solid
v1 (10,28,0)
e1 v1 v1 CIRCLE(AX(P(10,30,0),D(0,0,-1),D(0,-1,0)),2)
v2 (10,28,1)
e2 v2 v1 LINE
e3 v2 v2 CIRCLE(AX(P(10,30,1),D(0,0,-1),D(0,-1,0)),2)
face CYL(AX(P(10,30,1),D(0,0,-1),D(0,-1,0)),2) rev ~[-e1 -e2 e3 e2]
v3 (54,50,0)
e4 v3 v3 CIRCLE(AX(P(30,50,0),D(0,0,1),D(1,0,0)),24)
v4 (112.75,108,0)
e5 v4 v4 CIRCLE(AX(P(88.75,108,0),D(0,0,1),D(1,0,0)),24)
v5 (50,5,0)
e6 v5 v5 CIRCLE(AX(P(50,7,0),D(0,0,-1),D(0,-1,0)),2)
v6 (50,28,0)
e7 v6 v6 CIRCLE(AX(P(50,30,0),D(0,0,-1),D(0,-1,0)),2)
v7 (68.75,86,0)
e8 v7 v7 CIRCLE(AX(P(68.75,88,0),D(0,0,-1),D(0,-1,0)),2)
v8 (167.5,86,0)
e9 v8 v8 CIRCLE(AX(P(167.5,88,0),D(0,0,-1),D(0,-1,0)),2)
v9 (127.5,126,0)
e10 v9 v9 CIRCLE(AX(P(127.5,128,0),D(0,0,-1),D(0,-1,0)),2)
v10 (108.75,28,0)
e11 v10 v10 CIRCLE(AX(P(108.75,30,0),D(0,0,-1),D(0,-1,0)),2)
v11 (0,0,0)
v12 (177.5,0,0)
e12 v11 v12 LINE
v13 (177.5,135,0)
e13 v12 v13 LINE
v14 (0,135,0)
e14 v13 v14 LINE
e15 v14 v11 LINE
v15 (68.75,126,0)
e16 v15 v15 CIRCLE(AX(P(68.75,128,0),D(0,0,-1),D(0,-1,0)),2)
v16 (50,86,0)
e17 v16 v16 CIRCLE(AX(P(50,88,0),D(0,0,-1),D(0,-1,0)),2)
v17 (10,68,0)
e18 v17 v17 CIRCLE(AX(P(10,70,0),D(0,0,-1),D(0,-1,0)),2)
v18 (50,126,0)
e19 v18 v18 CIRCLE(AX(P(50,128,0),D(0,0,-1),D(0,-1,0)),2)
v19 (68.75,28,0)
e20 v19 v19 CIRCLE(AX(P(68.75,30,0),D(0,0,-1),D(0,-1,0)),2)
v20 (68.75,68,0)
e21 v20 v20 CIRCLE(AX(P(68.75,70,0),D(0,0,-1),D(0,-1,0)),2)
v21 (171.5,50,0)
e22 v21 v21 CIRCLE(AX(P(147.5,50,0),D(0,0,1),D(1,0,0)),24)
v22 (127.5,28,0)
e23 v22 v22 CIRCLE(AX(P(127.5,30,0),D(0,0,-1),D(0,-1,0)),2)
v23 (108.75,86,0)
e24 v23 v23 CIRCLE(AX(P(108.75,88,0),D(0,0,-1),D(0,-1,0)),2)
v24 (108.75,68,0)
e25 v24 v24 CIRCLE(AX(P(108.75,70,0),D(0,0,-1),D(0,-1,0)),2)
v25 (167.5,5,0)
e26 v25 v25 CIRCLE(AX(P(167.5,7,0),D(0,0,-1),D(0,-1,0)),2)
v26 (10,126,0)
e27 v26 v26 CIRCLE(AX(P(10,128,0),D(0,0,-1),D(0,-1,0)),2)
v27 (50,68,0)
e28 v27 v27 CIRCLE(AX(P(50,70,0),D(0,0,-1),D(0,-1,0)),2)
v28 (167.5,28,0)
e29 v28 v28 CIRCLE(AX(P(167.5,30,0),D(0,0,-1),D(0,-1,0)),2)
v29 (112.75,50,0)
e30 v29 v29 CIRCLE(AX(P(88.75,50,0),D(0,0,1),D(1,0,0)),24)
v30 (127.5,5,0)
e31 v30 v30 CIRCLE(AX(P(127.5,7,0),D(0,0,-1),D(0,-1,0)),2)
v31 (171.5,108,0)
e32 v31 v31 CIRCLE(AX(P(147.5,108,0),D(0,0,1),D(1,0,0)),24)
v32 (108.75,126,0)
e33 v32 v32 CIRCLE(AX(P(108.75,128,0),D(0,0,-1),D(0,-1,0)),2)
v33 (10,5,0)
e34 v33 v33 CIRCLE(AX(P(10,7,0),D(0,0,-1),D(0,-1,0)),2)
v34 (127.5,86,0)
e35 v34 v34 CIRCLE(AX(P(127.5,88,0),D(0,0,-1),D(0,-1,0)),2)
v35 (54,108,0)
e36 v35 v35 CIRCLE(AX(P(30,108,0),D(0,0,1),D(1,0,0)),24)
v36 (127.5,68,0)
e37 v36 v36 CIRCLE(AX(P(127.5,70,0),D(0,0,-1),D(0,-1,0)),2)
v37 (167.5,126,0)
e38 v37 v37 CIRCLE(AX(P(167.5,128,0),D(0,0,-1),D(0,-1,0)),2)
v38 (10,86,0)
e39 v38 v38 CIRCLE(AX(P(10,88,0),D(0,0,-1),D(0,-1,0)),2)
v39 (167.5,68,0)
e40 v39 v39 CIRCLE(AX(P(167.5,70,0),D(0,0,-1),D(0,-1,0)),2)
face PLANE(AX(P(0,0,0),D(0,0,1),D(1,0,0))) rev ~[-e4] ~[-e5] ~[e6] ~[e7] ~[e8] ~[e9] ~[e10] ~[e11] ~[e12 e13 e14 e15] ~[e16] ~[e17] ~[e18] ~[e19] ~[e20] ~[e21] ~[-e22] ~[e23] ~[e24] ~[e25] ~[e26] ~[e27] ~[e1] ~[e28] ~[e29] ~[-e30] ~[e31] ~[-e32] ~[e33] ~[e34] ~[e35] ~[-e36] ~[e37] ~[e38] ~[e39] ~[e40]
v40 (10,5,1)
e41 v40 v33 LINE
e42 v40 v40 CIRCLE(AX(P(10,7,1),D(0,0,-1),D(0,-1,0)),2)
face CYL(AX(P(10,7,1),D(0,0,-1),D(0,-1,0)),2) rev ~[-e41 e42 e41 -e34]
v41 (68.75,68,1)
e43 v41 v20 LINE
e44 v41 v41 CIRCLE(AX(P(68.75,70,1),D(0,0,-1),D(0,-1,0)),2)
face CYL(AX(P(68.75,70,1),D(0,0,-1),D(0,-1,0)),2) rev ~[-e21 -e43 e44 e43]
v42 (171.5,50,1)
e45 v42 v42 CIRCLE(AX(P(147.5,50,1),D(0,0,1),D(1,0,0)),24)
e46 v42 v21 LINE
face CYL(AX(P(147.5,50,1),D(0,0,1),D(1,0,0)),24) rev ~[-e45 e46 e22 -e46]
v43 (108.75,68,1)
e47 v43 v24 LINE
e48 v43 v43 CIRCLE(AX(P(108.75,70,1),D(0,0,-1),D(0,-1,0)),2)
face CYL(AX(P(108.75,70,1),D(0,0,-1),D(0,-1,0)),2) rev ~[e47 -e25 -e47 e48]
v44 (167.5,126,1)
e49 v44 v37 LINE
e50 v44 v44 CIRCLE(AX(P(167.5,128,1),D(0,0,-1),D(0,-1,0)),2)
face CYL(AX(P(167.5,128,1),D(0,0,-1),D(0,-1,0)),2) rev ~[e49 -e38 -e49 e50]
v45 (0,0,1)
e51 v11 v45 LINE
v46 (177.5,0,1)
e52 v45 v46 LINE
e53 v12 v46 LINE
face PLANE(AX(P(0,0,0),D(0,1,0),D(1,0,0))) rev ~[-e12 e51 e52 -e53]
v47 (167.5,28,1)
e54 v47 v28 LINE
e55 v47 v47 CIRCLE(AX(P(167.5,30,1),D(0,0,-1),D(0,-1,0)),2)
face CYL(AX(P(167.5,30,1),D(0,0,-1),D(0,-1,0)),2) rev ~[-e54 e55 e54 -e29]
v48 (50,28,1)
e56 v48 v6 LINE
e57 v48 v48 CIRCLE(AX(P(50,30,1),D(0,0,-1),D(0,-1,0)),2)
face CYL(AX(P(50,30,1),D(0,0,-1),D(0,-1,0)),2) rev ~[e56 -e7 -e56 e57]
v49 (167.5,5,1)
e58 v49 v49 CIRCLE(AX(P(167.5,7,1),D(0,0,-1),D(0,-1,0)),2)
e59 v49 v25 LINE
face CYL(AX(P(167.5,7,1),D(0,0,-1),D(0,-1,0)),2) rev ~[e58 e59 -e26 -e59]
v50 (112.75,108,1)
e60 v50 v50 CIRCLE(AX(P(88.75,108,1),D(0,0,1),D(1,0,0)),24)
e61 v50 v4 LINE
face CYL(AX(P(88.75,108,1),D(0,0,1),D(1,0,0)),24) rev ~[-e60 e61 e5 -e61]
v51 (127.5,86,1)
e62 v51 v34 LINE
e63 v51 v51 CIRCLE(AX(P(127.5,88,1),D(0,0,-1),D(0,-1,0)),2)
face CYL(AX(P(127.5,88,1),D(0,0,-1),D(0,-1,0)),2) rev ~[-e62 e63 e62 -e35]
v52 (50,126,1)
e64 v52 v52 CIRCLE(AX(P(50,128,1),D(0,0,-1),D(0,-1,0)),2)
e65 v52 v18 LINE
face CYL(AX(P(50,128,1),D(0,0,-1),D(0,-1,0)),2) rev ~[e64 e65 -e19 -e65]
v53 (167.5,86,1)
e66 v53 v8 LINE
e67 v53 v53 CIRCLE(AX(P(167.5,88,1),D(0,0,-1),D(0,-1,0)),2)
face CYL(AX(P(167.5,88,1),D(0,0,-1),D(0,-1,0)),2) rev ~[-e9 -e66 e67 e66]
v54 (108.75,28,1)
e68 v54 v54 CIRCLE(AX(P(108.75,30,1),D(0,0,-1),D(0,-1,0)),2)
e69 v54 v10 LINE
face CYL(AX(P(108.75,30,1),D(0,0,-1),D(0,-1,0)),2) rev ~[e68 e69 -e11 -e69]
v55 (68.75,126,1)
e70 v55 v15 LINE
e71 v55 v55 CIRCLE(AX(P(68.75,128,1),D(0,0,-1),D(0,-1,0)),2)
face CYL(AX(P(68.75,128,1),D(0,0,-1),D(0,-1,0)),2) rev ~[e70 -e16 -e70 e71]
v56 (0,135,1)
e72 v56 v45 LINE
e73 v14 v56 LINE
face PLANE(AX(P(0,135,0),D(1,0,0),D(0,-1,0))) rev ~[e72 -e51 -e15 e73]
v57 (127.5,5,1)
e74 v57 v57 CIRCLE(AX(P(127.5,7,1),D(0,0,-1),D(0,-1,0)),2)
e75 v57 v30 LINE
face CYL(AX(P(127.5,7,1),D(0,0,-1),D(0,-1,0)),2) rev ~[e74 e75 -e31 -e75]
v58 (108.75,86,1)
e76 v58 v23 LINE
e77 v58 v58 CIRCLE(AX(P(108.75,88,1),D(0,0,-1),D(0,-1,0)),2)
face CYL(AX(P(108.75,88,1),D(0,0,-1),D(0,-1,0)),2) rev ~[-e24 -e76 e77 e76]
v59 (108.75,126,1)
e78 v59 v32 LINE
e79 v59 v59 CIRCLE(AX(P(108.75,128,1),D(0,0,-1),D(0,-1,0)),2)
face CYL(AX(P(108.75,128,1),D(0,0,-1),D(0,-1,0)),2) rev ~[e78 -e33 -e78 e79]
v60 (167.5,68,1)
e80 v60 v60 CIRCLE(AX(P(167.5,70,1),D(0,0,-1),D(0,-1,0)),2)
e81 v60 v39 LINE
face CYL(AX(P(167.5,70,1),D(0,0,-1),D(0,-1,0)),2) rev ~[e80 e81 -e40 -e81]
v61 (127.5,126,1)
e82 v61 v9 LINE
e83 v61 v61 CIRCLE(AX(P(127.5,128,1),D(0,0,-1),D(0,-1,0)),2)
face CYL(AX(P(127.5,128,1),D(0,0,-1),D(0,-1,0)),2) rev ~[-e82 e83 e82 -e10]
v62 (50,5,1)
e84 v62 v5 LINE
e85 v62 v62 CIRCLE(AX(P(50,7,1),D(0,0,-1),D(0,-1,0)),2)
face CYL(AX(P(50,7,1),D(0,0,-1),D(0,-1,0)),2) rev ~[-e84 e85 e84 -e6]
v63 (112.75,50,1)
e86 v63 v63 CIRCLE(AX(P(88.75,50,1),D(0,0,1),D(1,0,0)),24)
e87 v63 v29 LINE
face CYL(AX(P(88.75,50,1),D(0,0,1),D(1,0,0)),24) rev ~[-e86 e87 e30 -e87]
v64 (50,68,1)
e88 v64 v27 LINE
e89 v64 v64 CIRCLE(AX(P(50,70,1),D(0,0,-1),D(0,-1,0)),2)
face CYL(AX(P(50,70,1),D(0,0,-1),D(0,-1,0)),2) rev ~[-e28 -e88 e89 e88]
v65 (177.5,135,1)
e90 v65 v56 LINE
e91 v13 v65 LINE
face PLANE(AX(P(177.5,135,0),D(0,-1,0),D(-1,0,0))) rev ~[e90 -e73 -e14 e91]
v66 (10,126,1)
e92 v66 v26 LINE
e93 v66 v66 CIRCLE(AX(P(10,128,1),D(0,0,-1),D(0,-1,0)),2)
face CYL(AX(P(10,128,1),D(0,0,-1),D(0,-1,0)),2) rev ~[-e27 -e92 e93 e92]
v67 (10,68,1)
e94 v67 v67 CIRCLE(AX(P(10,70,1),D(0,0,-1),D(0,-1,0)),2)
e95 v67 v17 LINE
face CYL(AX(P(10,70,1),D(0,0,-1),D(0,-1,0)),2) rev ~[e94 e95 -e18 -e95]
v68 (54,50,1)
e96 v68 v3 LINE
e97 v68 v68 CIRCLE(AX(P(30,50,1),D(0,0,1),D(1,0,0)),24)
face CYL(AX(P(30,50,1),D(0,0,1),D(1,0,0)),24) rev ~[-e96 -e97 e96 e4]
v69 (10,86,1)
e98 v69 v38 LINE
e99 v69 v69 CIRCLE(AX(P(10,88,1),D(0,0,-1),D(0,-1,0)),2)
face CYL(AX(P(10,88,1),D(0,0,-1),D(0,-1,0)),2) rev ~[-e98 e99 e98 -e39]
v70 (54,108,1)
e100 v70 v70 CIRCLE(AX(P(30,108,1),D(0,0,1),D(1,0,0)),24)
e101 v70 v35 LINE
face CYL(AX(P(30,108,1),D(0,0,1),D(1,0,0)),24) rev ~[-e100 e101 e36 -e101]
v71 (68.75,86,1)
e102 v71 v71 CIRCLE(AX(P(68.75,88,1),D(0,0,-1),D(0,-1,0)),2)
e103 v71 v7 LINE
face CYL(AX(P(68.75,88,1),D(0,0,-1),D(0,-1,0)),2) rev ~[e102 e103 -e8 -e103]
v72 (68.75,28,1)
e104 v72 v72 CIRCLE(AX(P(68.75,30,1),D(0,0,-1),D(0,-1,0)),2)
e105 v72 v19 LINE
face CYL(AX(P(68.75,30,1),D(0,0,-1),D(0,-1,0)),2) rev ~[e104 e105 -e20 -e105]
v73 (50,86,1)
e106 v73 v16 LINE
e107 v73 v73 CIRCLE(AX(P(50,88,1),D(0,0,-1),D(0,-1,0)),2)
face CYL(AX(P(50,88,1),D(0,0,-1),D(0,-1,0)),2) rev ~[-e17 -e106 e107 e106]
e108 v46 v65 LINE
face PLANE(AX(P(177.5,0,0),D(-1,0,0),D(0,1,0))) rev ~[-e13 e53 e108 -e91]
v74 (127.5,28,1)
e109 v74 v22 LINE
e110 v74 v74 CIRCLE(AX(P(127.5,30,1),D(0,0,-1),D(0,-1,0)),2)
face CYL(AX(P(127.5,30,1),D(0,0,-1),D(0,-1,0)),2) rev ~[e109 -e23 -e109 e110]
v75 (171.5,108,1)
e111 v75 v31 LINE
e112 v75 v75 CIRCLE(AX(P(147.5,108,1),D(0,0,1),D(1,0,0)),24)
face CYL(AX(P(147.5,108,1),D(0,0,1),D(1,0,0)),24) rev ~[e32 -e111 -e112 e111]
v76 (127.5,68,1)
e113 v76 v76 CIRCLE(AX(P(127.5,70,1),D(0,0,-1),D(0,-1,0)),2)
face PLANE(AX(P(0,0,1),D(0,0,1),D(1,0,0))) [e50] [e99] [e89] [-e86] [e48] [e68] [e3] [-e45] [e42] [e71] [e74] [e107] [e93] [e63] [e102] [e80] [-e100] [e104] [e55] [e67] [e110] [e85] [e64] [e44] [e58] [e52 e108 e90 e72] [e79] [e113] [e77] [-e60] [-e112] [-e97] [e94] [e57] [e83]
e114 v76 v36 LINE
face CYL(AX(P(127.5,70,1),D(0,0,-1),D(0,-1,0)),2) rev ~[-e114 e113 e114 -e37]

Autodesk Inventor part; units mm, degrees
ref_plane "YZ Plane" through (0, 0, 0) normal (1, 0, 0) x (0, 1, 0)
ref_plane "XZ Plane" through (0, 0, 0) normal (0, 1, 0) x (-1, 0, 0)
ref_plane "XY Plane" through (0, 0, 0) normal (0, 0, 1) x (1, 0, 0)
sketch "Sketch1" plane through (0, 0, 0) normal (0, 0, 1) x (1, 0, 0)
  line L0 (0, 0) -> (177.5, 0)
  line L1 (177.5, 0) -> (177.5, 135)
  line L2 (177.5, 135) -> (0, 135)
  line L3 (0, 135) -> (0, 0)
  dimension "d0" = 177.5
  dimension "d1" = 135
extrude "Extrusion1" add sketch "Sketch1" along normal blind 1
sketch "Sketch3" plane through (0, 0, 1) normal (0, 0, 1) x (1, 0, 0)
  line L0 (0, 0) -> (177.5, 0) projected
  line L1 (177.5, 0) -> (177.5, 135) projected
  line L2 (177.5, 135) -> (0, 135) projected
  line L3 (0, 135) -> (0, 0) projected
  line L4 (0, 128) -> (177.5, 128) construction
  line L5 (10, 135) -> (10, 0) construction
  line L6 (0, 88) -> (177.5, 88) construction
  line L7 (177.5, 70) -> (0, 70) construction
  line L8 (0, 30) -> (177.5, 30) construction
  line L9 (50, 135) -> (50, 0) construction
  line L10 (127.5, 135) -> (127.5, 0) construction
  line L11 (108.75, 135) -> (108.75, 0) construction
  line L12 (68.75, 135) -> (68.75, 0) construction
  line L13 (167.5, 135) -> (167.5, 0) construction
  line L14 (0, 7) -> (177.5, 7) construction
  point P0 (10, 128)
  point P1 (50, 128)
  point P2 (68.75, 128)
  point P3 (108.75, 128)
  point P4 (127.5, 128)
  point P5 (167.5, 128)
  point P6 (167.5, 88)
  point P7 (127.5, 88)
  point P8 (108.75, 88)
  point P9 (68.75, 88)
  point P10 (50, 88)
  point P11 (10, 88)
  point P12 (50, 30)
  point P13 (50, 70)
  point P14 (10, 70)
  point P15 (10, 30)
  point P16 (127.5, 30)
  point P17 (167.5, 30)
  point P18 (167.5, 70)
  point P19 (127.5, 70)
  point P20 (68.75, 70)
  point P21 (108.75, 70)
  point P22 (108.75, 30)
  point P23 (68.75, 30)
  point P24 (10, 7)
  point P25 (167.5, 7)
  point P26 (50, 7)
  point P27 (127.5, 7)
  dimension "d5" = 40
  dimension "d6" = 40
  dimension "d7" = 40
  dimension "d8" = 40
  dimension "d9" = 40
  dimension "d10" = 10
  dimension "d11" = 10
  dimension "d12" = 7
  dimension "d13" = 18
  dimension "d14" = 18.75
  dimension "d30" = 18.75
  dimension "d40" = 7
hole "Hole1" at (10, 128, 1) at (50, 128, 1) at (68.75, 128, 1) at (108.75, 128, 1) at (127.5, 128, 1) at (167.5, 128, 1) at (167.5, 88, 1) at (127.5, 88, 1) at (108.75, 88, 1) at (68.75, 88, 1) at (50, 88, 1) at (10, 88, 1) at (50, 30, 1) at (50, 70, 1) at (10, 70, 1) at (10, 30, 1) at (127.5, 30, 1) at (167.5, 30, 1) at (167.5, 70, 1) at (127.5, 70, 1) at (68.75, 70, 1) at (108.75, 70, 1) at (68.75, 30, 1) at (108.75, 30, 1) at (10, 7, 1) at (50, 7, 1) at (127.5, 7, 1) at (167.5, 7, 1) direction (0, 0, -1) diameter 4 end through all
sketch "Sketch4" plane through (0, 0, 1) normal (0, 0, 1) x (1, 0, 0)
  circle A0 centre (167.5, 70) radius 2 projected
  circle A1 centre (127.5, 30) radius 2 projected
  circle A2 centre (10, 70) radius 2 projected
  circle A3 centre (50, 30) radius 2 projected
  circle A4 centre (50, 88) radius 2 projected
  circle A5 centre (108.75, 88) radius 2 projected
  circle A6 centre (167.5, 88) radius 2 projected
  circle A7 centre (127.5, 128) radius 2 projected
  circle A8 centre (68.75, 128) radius 2 projected
  circle A9 centre (10, 128) radius 2 projected
  circle A10 centre (50, 128) radius 2 projected
  circle A11 centre (108.75, 128) radius 2 projected
  circle A12 centre (167.5, 128) radius 2 projected
  circle A13 centre (127.5, 88) radius 2 projected
  circle A14 centre (68.75, 88) radius 2 projected
  circle A15 centre (10, 88) radius 2 projected
  circle A16 centre (50, 70) radius 2 projected
  circle A17 centre (10, 30) radius 2 projected
  circle A18 centre (167.5, 30) radius 2 projected
  circle A19 centre (127.5, 70) radius 2 projected
  line L0 (10, 128) -> (50, 88) construction
  line L1 (68.75, 128) -> (108.75, 88) construction
  line L2 (50, 128) -> (10, 88) construction
  line L3 (68.75, 88) -> (108.75, 128) construction
  line L4 (127.5, 128) -> (167.5, 88) construction
  line L5 (167.5, 128) -> (127.5, 88) construction
  line L6 (127.5, 70) -> (167.5, 30) construction
  line L7 (167.5, 70) -> (127.5, 30) construction
  line L8 (10, 70) -> (50, 30) construction
  line L9 (50, 70) -> (10, 30) construction
  circle A20 centre (30, 108) radius 24
  circle A21 centre (88.75, 108) radius 24
  circle A22 centre (147.5, 108) radius 24
  circle A23 centre (147.5, 50) radius 24
  circle A24 centre (30, 50) radius 24
  circle A25 centre (68.75, 30) radius 2 projected
  circle A26 centre (68.75, 70) radius 2 projected
  circle A27 centre (108.75, 70) radius 2 projected
  circle A28 centre (108.75, 30) radius 2 projected
  line L10 (68.75, 70) -> (108.75, 30) construction
  line L11 (108.75, 70) -> (68.75, 30) construction
  circle A29 centre (88.75, 50) radius 24
  dimension "d22" = 48
  dimension "d23" = 48
  dimension "d24" = 48
  dimension "d25" = 48
  dimension "d26" = 48
  dimension "d29" = 48
extrude "Extrusion2" cut sketch "Sketch4" against normal blind 48 contours A20 | A21 | A22 | A23 | A24 | A29
equation "\"d27\" = d29"
properties part number "plate" material "ABS Plastic"
